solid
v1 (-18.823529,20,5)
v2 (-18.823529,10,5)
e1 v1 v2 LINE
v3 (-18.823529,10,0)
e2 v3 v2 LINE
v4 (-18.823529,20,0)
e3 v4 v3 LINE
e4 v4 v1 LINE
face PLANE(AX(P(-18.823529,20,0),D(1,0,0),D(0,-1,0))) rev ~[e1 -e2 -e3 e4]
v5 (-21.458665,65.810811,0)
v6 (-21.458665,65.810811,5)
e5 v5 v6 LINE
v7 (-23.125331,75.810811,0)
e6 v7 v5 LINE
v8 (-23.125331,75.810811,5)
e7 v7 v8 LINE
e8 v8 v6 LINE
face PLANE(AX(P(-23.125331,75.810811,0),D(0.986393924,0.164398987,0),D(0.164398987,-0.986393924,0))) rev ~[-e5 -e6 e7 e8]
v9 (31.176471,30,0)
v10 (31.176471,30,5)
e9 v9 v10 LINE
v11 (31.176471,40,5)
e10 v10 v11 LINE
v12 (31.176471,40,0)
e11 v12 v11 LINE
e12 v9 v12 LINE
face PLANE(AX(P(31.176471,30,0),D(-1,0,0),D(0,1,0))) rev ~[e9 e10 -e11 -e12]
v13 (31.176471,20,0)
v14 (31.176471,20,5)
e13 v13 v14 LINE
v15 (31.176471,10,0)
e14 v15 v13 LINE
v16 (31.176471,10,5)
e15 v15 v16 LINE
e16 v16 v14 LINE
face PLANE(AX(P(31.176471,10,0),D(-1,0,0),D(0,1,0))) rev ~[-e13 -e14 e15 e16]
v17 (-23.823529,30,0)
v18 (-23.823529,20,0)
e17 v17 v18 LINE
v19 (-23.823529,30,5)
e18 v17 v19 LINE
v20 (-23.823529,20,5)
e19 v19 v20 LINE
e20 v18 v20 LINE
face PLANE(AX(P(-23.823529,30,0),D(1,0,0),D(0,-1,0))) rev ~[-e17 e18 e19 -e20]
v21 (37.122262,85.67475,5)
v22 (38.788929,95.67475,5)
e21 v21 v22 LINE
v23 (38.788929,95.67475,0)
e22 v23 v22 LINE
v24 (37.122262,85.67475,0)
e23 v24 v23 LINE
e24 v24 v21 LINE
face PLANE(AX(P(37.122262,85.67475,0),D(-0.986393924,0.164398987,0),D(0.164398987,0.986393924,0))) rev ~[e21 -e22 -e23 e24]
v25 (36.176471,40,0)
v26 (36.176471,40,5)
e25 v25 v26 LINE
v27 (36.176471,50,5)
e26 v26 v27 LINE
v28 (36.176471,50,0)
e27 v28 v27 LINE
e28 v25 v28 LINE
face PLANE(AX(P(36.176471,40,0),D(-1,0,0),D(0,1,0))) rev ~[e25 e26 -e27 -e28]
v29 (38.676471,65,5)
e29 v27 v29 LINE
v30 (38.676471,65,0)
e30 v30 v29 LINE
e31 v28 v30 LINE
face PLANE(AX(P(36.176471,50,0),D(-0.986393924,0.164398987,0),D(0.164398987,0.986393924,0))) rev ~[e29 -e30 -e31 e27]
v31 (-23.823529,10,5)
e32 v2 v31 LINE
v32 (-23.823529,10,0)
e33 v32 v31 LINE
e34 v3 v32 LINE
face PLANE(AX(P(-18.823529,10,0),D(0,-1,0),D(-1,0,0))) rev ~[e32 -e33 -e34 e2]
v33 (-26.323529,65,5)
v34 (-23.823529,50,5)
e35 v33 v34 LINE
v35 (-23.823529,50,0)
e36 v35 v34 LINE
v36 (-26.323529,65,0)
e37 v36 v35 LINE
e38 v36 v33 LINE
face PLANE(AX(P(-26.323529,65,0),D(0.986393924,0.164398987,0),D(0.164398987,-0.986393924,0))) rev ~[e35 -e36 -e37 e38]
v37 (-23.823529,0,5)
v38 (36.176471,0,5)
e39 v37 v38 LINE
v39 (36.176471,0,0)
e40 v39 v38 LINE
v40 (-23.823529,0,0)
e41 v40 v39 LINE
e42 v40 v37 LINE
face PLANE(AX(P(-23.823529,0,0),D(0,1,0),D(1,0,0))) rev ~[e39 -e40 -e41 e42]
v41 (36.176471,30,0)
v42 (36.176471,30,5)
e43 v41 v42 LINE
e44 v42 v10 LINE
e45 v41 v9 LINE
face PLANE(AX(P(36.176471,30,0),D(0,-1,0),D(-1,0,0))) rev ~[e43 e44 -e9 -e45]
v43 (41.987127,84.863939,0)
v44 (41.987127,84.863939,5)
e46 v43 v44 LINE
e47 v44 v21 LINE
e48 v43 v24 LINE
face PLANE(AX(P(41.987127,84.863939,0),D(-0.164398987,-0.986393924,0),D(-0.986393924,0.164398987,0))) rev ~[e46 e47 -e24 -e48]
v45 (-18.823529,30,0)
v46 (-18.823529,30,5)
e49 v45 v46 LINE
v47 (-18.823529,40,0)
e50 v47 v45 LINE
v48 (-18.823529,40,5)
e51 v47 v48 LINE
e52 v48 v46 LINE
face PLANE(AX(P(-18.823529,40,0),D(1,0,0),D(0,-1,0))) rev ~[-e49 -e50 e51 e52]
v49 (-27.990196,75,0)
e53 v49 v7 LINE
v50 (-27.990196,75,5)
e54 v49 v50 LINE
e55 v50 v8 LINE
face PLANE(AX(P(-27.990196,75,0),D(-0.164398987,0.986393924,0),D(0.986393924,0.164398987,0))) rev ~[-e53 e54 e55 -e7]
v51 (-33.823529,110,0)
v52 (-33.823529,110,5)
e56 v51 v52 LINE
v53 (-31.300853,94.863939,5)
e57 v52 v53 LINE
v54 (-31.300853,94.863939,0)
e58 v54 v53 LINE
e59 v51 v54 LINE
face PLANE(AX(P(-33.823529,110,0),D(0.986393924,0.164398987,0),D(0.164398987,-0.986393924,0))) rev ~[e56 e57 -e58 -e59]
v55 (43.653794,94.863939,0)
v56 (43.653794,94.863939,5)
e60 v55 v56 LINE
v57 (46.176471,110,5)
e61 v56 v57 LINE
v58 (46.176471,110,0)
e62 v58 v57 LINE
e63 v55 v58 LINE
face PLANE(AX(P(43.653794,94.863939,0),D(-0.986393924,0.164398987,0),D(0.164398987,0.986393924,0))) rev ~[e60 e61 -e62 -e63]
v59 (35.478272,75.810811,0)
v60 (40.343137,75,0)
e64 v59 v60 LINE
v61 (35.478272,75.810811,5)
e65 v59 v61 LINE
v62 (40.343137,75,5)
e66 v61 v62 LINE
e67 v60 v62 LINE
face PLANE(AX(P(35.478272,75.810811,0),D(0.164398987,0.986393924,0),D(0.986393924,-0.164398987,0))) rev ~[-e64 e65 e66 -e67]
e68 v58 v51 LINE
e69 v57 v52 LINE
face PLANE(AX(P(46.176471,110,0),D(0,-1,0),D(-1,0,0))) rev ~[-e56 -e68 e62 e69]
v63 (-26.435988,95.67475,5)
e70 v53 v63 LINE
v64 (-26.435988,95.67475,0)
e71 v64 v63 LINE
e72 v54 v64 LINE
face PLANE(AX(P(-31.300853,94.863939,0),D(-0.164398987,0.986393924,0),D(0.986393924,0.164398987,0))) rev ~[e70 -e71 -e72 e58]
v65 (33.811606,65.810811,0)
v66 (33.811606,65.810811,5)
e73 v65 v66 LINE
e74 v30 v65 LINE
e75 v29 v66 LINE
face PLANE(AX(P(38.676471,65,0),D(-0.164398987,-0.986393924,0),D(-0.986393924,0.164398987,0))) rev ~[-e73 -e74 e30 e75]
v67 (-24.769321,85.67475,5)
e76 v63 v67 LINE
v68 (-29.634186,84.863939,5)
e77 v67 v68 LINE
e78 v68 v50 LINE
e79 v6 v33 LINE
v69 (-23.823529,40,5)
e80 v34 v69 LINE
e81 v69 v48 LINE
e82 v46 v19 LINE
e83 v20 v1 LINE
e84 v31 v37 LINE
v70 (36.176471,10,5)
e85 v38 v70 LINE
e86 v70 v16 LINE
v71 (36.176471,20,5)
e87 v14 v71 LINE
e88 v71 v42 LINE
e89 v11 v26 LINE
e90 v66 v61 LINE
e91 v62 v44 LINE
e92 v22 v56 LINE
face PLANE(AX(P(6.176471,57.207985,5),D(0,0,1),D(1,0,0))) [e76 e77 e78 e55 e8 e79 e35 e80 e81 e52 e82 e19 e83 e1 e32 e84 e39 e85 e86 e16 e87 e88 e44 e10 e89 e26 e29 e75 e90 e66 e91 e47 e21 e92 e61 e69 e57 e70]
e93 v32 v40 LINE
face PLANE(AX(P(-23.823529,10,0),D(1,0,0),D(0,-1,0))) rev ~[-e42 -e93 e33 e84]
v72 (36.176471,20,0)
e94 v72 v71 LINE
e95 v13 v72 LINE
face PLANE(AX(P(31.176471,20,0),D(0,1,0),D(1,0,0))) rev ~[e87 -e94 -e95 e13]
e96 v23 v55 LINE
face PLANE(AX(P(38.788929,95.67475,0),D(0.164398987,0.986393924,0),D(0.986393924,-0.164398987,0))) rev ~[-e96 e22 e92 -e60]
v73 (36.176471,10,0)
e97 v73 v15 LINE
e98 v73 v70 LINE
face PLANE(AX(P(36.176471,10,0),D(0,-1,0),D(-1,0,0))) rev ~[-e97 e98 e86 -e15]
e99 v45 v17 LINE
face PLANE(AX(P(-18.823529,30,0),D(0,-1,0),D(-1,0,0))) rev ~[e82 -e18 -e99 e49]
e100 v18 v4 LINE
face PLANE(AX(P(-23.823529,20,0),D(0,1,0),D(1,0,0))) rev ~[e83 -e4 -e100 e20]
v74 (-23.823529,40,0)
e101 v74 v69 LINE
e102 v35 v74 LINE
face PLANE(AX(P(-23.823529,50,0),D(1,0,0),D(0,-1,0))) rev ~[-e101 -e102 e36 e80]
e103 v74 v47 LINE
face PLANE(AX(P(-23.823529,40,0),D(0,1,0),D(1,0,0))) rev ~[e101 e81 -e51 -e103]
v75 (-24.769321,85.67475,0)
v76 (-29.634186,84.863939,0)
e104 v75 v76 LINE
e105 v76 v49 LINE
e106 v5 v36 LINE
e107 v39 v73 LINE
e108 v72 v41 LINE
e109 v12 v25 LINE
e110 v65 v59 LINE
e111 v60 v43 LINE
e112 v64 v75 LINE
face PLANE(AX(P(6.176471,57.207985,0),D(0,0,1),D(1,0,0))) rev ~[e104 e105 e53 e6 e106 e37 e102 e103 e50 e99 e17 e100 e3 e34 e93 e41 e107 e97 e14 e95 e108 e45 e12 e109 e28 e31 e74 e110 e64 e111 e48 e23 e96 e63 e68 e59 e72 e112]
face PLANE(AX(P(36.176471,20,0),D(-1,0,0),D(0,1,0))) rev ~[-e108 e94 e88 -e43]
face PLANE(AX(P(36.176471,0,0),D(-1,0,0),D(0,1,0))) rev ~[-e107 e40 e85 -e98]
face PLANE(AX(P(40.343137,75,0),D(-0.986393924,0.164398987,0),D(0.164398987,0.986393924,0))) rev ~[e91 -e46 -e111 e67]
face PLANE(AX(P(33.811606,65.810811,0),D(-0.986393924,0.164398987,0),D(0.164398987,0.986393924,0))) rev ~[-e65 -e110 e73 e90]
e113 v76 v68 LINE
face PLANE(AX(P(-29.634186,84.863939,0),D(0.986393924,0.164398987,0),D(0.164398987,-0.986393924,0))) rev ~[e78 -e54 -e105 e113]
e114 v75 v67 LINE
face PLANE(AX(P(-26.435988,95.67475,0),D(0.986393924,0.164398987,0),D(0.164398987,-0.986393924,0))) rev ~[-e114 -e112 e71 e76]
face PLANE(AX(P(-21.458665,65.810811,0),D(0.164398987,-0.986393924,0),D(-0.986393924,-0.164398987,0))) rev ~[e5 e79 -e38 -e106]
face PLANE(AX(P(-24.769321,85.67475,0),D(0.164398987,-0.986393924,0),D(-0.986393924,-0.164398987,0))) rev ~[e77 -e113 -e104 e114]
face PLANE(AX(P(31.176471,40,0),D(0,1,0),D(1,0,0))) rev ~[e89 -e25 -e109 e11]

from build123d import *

# Parameters (mm, degrees)
BOSS_EXTRU_1_DEPTH = 5


with BuildPart() as part:
    # Model → Boss.-Extru.1 (new body)
    with BuildSketch(Plane.XY):
        Polygon((-23.823529412, 20), (-18.823529412, 20), (-18.823529412, 10), (-23.823529412, 10), (-23.823529412, 0), (36.176470588, 0), (36.176470588, 10), (31.176470588, 10), (31.176470588, 20), (36.176470588, 20), (36.176470588, 30), (31.176470588, 30), (31.176470588, 40), (36.176470588, 40), (36.176470588, 50), (38.676470588, 65), (33.811605723, 65.810810811), (35.47827239, 75.810810811), (40.343137255, 75), (41.987127128, 84.863939238), (37.122262263, 85.674750049), (38.78892893, 95.674750049), (43.653793795, 94.863939238), (46.176470588, 110), (-33.823529412, 110), (-31.300852618, 94.863939238), (-26.435987753, 95.674750049), (-24.769321087, 85.674750049), (-29.634185952, 84.863939238), (-27.990196078, 75), (-23.125331214, 75.810810811), (-21.458664547, 65.810810811), (-26.323529412, 65), (-23.823529412, 50), (-23.823529412, 40), (-18.823529412, 40), (-18.823529412, 30), (-23.823529412, 30), align=None)
    extrude(amount=BOSS_EXTRU_1_DEPTH)


solid = part.part
